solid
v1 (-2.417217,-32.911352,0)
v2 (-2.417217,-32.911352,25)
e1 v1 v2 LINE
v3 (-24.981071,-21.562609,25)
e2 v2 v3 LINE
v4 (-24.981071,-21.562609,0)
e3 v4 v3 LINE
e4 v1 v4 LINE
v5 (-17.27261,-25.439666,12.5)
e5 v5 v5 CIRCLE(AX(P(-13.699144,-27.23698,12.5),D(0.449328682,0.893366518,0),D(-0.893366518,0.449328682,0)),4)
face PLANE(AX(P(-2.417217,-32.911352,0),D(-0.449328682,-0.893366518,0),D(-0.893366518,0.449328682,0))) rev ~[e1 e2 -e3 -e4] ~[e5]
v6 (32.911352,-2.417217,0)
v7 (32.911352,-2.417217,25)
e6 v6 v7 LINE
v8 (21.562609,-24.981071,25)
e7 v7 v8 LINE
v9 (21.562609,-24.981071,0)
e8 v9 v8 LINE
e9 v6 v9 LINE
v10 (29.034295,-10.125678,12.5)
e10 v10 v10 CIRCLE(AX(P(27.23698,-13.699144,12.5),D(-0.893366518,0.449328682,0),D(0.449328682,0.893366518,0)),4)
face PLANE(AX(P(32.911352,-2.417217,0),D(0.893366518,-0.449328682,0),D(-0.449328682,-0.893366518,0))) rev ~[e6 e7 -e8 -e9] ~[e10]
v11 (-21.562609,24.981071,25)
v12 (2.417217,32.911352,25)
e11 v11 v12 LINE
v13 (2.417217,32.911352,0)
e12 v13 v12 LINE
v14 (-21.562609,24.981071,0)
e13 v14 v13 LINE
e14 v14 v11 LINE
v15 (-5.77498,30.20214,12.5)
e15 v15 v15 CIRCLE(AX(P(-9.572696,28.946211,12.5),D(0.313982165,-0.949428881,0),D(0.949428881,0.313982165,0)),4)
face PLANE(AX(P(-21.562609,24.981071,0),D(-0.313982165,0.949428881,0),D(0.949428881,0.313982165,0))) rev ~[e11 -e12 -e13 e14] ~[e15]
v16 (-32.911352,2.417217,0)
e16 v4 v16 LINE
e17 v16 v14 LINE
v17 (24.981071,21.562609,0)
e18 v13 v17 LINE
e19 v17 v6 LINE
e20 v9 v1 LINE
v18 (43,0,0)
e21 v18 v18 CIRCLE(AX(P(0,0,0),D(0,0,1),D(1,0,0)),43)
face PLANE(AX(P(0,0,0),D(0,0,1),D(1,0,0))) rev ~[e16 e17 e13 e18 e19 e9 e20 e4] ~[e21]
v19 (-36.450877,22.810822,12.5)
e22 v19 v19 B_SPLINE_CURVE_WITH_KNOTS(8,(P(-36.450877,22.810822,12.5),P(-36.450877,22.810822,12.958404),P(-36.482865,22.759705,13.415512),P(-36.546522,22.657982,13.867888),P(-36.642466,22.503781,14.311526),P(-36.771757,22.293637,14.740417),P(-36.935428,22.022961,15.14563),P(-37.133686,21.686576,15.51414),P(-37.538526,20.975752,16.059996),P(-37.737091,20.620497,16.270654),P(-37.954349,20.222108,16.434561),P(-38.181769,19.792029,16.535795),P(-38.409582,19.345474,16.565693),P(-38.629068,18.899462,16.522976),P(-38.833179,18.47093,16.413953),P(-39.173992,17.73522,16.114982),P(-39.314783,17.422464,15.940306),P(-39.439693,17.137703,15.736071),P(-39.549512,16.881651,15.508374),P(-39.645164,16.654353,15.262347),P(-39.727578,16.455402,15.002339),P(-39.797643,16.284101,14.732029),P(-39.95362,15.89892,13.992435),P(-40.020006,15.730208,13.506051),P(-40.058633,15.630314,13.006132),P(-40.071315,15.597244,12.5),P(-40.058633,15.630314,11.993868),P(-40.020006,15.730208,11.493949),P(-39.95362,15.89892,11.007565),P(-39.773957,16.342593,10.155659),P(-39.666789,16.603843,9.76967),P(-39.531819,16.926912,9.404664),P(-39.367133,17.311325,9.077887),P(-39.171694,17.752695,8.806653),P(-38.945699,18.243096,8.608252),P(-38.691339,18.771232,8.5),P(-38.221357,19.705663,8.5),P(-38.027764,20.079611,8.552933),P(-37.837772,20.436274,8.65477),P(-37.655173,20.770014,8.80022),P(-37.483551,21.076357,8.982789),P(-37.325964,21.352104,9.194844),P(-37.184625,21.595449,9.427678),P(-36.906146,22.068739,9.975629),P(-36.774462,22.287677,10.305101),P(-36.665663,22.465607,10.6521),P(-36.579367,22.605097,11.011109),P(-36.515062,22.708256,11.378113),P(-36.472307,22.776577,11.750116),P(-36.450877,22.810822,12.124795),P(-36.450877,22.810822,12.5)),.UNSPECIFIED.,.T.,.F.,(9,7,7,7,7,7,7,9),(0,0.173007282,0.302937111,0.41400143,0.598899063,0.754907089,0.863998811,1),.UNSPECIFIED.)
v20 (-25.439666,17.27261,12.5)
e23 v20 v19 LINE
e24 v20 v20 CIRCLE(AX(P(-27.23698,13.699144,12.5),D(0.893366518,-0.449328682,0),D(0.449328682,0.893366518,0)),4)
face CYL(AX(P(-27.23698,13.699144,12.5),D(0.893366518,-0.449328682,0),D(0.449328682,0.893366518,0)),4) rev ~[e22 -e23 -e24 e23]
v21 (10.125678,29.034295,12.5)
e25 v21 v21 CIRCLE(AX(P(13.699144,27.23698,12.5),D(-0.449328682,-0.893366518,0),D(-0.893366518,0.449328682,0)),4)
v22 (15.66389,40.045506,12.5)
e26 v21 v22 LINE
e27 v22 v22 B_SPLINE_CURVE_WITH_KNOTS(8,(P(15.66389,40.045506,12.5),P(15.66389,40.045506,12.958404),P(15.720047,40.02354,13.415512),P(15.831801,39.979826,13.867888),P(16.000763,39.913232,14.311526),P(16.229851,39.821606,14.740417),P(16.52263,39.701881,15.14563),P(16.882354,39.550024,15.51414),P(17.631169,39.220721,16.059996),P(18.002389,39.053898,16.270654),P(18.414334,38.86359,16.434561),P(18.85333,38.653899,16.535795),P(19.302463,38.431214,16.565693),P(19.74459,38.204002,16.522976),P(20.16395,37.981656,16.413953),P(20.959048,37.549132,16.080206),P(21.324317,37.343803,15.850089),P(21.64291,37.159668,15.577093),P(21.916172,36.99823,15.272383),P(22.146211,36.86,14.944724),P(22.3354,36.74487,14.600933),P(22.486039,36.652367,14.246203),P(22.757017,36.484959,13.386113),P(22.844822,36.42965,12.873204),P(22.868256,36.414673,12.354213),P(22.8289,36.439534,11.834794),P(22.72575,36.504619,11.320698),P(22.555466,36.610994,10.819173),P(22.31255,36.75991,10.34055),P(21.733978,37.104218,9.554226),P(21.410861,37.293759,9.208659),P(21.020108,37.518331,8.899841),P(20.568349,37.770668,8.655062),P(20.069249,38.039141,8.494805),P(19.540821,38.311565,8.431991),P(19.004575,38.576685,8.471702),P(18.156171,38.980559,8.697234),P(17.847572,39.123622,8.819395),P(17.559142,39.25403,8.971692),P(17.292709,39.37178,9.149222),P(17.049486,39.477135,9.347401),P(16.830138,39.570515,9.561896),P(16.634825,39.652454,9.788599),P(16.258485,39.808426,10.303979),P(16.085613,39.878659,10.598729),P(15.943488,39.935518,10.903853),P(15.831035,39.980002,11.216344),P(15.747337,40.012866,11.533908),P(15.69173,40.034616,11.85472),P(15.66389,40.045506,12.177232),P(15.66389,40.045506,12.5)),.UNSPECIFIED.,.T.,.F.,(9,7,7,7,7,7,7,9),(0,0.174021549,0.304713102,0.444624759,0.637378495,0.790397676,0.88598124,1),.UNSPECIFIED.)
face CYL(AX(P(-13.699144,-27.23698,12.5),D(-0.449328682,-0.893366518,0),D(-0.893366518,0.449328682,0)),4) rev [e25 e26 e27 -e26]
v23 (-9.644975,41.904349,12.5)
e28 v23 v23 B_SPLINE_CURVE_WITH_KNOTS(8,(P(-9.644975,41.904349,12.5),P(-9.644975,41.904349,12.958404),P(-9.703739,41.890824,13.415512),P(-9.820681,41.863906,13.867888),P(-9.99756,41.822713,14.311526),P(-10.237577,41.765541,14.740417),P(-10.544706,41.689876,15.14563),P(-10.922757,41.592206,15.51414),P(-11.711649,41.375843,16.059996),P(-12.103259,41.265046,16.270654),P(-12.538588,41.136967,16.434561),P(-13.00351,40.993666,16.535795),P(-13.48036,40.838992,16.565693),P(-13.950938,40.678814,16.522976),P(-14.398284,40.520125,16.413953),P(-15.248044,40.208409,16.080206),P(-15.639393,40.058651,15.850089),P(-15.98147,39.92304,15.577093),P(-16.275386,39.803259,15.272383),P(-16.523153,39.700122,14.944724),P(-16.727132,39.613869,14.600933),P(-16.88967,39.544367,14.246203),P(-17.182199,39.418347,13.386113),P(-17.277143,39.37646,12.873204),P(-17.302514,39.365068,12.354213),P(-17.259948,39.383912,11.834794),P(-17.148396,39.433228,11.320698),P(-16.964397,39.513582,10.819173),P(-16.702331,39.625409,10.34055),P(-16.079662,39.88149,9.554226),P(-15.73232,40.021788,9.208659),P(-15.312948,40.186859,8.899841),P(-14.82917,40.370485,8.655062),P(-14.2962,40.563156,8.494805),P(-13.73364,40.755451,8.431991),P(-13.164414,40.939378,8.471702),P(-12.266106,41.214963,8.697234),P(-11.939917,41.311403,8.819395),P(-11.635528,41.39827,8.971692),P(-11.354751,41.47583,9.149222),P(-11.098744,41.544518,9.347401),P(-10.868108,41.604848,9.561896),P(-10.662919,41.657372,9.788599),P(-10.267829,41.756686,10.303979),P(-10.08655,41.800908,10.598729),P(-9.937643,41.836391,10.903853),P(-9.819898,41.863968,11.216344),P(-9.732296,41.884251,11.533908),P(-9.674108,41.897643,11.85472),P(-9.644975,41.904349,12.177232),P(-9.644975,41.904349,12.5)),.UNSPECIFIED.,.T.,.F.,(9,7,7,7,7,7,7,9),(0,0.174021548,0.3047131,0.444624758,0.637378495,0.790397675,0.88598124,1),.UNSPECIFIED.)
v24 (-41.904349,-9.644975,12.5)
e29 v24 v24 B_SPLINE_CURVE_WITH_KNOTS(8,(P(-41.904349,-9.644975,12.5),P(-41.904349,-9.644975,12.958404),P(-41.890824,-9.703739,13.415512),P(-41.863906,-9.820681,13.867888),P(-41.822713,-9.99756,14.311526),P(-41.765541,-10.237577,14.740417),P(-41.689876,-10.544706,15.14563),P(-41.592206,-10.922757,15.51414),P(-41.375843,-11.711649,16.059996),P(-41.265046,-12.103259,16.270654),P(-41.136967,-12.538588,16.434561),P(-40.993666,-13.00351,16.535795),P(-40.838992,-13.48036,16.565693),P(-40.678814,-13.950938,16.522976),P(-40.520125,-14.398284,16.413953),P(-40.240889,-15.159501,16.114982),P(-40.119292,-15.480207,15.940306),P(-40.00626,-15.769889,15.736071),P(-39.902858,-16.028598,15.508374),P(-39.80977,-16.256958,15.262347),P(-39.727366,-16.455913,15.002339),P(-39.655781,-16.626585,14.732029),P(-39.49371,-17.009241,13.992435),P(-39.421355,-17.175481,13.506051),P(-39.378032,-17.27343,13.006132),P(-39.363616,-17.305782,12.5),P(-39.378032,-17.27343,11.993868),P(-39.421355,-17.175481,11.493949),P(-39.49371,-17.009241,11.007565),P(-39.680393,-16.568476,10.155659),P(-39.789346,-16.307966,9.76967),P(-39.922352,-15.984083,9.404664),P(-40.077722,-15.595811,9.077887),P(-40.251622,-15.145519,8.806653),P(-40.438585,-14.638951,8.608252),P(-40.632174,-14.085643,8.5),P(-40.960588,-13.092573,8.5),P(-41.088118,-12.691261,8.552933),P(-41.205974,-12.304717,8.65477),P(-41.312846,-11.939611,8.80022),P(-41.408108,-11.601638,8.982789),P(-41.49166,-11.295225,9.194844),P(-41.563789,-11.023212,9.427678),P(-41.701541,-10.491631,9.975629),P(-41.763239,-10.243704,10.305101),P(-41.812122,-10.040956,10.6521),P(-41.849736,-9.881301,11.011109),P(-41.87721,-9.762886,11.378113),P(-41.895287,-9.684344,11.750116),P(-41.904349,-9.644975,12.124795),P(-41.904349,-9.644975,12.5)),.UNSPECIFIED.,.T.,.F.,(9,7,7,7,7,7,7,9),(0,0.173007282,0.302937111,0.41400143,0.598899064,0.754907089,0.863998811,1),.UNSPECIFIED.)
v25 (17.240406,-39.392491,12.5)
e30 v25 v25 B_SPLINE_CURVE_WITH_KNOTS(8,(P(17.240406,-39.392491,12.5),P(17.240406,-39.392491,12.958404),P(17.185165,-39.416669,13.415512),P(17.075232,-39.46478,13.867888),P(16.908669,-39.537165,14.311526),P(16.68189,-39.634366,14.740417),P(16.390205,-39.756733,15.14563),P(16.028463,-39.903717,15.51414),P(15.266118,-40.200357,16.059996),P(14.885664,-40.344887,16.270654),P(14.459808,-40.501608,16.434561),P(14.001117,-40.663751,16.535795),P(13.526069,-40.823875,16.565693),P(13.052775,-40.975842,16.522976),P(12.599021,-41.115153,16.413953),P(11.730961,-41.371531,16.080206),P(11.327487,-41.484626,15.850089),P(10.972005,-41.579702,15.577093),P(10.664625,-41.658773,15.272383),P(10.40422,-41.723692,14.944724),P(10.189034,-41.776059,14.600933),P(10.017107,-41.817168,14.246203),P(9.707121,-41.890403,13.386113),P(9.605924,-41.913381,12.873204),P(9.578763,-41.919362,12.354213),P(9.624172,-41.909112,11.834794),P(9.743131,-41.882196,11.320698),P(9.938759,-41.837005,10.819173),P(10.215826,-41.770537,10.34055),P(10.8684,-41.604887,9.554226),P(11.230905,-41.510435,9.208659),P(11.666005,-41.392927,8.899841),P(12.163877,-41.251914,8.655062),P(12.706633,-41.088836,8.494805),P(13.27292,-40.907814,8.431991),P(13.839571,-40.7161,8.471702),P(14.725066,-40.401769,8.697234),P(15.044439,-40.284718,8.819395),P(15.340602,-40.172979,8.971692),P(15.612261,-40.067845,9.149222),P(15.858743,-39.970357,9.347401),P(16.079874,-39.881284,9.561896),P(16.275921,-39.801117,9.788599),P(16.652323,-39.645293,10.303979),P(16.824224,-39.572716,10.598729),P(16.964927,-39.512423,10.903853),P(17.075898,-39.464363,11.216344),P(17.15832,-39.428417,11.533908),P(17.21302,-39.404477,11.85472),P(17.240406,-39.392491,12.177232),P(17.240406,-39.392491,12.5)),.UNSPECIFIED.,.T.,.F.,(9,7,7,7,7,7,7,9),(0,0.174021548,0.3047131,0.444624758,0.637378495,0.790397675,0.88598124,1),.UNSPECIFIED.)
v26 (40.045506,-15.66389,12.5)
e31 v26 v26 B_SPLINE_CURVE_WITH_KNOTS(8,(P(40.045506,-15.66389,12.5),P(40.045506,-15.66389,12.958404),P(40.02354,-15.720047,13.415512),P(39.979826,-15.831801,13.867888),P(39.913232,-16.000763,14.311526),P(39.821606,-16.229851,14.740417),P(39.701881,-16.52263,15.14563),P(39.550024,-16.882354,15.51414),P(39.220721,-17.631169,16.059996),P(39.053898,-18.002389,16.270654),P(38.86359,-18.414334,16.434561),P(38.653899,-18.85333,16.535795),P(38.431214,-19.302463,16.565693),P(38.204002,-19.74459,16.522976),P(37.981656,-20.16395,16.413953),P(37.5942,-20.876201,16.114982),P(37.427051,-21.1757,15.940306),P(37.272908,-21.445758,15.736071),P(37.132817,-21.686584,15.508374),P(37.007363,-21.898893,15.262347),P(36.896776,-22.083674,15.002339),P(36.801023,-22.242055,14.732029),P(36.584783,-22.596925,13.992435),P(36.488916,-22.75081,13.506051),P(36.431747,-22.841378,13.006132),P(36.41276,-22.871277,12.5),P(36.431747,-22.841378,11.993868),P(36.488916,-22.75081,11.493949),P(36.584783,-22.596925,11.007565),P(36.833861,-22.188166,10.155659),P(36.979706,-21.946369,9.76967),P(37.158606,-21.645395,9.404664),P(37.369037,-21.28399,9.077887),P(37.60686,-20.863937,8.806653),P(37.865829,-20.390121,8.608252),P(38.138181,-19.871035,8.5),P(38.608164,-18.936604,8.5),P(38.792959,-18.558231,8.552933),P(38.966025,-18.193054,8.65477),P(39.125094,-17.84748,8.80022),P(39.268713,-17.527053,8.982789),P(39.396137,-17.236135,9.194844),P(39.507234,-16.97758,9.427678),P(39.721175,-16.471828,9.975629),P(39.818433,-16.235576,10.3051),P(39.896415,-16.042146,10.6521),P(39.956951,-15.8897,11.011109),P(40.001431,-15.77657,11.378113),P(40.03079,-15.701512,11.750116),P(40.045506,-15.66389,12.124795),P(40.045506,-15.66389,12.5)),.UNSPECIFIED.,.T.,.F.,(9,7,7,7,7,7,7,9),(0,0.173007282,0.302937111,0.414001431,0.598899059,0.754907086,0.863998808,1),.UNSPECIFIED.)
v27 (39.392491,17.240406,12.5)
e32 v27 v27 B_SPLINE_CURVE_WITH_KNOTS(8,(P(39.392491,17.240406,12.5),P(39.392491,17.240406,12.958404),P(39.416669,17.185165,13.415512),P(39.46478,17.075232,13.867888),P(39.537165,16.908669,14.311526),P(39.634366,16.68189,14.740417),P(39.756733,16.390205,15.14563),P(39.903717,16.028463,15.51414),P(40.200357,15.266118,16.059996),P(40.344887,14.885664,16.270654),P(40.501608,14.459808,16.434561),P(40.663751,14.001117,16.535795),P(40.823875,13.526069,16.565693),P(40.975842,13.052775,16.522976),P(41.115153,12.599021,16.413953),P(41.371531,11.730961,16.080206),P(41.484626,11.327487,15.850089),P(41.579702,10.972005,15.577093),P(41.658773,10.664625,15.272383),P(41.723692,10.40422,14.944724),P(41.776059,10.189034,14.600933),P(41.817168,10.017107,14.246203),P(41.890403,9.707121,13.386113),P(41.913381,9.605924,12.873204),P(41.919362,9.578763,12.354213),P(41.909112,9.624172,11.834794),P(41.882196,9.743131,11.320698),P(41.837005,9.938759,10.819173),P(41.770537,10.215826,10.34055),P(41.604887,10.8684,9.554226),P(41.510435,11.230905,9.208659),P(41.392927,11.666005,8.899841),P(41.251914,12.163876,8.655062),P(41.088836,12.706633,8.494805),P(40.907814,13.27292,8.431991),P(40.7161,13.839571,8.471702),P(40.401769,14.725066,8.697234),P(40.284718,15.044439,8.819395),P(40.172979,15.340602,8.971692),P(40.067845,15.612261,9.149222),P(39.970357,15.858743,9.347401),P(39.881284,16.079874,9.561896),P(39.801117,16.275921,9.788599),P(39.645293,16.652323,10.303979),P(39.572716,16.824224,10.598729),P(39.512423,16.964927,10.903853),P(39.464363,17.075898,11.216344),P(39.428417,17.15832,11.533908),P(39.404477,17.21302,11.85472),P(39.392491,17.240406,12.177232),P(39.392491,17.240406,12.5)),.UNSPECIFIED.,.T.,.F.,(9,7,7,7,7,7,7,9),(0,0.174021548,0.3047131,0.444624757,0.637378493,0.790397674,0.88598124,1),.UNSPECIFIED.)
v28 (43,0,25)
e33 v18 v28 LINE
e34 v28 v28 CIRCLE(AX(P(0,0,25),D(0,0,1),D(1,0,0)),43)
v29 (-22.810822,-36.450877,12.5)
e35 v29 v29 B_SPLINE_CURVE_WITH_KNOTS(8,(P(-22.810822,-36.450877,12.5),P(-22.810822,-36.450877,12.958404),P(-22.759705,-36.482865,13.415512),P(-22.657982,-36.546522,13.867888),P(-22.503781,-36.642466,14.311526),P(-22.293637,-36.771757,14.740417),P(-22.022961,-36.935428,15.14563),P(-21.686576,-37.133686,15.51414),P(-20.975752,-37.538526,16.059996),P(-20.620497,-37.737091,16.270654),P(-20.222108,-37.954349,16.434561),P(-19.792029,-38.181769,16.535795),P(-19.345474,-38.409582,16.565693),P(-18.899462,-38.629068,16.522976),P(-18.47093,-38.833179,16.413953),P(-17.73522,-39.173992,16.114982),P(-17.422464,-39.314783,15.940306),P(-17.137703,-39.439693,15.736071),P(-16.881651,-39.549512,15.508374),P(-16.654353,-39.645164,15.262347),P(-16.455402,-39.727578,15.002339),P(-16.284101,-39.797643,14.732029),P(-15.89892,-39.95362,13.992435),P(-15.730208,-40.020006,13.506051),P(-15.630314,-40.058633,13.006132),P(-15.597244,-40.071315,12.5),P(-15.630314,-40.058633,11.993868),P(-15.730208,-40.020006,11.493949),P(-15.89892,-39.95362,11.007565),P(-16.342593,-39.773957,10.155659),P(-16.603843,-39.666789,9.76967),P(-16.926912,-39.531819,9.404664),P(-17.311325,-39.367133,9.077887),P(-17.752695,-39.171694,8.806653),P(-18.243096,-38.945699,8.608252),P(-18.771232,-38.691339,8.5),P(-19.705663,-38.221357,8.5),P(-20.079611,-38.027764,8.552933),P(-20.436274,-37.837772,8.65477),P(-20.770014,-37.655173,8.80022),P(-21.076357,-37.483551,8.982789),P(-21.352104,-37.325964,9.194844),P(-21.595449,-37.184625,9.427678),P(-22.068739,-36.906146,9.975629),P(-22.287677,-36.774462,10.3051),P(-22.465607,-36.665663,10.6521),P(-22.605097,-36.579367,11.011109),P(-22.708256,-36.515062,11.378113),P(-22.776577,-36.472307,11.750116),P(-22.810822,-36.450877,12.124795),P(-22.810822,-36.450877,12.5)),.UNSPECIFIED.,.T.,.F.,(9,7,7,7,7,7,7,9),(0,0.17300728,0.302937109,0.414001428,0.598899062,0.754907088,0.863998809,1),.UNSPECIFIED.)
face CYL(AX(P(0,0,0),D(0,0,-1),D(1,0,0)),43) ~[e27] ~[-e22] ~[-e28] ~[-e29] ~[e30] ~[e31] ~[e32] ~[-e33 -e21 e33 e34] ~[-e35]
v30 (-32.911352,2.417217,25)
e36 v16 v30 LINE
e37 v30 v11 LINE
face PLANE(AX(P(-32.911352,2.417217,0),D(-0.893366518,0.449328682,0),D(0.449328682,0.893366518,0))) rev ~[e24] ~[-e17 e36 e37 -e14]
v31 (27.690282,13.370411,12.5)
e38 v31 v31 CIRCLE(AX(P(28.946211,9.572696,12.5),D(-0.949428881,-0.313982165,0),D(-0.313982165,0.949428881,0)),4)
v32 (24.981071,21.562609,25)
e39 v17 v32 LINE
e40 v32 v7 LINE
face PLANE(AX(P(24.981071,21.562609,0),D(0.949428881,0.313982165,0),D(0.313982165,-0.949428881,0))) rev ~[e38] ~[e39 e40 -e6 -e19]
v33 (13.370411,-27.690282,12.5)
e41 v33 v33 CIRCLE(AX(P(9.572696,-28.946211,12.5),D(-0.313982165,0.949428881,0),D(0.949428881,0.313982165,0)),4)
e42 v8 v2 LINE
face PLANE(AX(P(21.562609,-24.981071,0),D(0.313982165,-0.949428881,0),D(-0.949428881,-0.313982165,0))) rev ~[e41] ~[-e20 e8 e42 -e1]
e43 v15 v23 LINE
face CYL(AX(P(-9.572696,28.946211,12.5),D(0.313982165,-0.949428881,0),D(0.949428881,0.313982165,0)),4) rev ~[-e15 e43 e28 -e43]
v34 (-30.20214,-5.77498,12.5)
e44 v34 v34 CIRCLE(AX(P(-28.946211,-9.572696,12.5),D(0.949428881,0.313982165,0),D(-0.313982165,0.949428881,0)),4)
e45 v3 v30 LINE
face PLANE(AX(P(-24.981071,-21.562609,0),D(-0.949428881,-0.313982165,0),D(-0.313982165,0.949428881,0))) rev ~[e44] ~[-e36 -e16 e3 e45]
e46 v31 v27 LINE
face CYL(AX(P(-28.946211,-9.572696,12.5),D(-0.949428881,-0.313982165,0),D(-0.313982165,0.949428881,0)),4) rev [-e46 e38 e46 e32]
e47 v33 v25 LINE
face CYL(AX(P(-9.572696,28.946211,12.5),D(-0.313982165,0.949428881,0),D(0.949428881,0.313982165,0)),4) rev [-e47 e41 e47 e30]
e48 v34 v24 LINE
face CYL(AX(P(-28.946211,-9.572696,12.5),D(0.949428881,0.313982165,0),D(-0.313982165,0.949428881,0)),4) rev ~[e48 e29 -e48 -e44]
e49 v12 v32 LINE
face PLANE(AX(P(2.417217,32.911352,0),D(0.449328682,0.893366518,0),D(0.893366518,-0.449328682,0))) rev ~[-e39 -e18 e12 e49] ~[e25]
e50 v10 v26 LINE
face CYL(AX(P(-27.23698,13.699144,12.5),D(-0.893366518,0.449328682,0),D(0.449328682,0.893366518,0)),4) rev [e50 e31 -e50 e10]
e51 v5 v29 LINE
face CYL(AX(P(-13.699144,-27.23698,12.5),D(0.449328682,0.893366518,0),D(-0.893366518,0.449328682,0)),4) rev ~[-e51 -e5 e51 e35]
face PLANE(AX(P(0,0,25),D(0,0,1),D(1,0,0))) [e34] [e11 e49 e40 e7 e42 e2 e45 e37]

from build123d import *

# Parameters (mm, degrees)
F0_R          = 43
F1_DEPTH      = 25
F5_R          = 4
F6_DEPTH      = 20
F6_DEPTH_BACK = 79
F4_R          = 4
F7_DEPTH      = 20
F7_DEPTH_BACK = 80
F3_R          = 4
F8_DEPTH      = 93.1
F8_DEPTH_BACK = 25
F2_R          = 4
F9_DEPTH      = 82.3
F9_DEPTH_BACK = 25


with BuildPart() as f1:
    # F0 (on Top) → F1 (new body)
    with BuildSketch(Plane.XY):
        Circle(F0_R)
        Polygon((-32.9113515503, 2.4172172296), (-21.5626091646, 24.9810705538), (2.4172172296, 32.9113515503), (24.9810705538, 21.5626091646), (32.9113515503, -2.4172172296), (21.5626091646, -24.9810705538), (-2.4172172296, -32.9113515503), (-24.9810705538, -21.5626091646), align=None, mode=Mode.SUBTRACT)
    extrude(amount=F1_DEPTH)

    # F5 (on face) → F6 (cut, two sides)
    with BuildSketch(Plane(origin=(-13.6991438917, -27.2369803574, 0), x_dir=(-0.8933665181, 0.4493286818, 0), z_dir=(0.4493286818, 0.8933665181, 0))) as f6_sk:
        with Locations((0, 12.5)):
            Circle(F5_R)
    extrude(amount=-F6_DEPTH, mode=Mode.SUBTRACT)
    extrude(f6_sk.sketch, amount=F6_DEPTH_BACK, mode=Mode.SUBTRACT)

    # F4 (on face) → F7 (cut, two sides)
    with BuildSketch(Plane(origin=(-28.946211052, -9.5726959675, 0), x_dir=(-0.3139821652, 0.9494288809, 0), z_dir=(0.9494288809, 0.3139821652, 0))) as f7_sk:
        with Locations((0, 12.5)):
            Circle(F4_R)
    extrude(amount=-F7_DEPTH, mode=Mode.SUBTRACT)
    extrude(f7_sk.sketch, amount=F7_DEPTH_BACK, mode=Mode.SUBTRACT)

    # F3 (on face) → F8 (cut, two sides)
    with BuildSketch(Plane(origin=(-27.2369803574, 13.6991438917, 0), x_dir=(0.4493286818, 0.8933665181, 0), z_dir=(0.8933665181, -0.4493286818, 0))) as f8_sk:
        with Locations((0, 12.5)):
            Circle(F3_R)
    extrude(amount=F8_DEPTH, mode=Mode.SUBTRACT)
    extrude(f8_sk.sketch, amount=-F8_DEPTH_BACK, mode=Mode.SUBTRACT)

    # F2 (on face) → F9 (cut, two sides)
    with BuildSketch(Plane(origin=(-9.5726959675, 28.946211052, 0), x_dir=(0.9494288809, 0.3139821652, 0), z_dir=(0.3139821652, -0.9494288809, 0))) as f9_sk:
        with Locations((0, 12.5)):
            Circle(F2_R)
    extrude(amount=F9_DEPTH, mode=Mode.SUBTRACT)
    extrude(f9_sk.sketch, amount=-F9_DEPTH_BACK, mode=Mode.SUBTRACT)


solid = f1.part
